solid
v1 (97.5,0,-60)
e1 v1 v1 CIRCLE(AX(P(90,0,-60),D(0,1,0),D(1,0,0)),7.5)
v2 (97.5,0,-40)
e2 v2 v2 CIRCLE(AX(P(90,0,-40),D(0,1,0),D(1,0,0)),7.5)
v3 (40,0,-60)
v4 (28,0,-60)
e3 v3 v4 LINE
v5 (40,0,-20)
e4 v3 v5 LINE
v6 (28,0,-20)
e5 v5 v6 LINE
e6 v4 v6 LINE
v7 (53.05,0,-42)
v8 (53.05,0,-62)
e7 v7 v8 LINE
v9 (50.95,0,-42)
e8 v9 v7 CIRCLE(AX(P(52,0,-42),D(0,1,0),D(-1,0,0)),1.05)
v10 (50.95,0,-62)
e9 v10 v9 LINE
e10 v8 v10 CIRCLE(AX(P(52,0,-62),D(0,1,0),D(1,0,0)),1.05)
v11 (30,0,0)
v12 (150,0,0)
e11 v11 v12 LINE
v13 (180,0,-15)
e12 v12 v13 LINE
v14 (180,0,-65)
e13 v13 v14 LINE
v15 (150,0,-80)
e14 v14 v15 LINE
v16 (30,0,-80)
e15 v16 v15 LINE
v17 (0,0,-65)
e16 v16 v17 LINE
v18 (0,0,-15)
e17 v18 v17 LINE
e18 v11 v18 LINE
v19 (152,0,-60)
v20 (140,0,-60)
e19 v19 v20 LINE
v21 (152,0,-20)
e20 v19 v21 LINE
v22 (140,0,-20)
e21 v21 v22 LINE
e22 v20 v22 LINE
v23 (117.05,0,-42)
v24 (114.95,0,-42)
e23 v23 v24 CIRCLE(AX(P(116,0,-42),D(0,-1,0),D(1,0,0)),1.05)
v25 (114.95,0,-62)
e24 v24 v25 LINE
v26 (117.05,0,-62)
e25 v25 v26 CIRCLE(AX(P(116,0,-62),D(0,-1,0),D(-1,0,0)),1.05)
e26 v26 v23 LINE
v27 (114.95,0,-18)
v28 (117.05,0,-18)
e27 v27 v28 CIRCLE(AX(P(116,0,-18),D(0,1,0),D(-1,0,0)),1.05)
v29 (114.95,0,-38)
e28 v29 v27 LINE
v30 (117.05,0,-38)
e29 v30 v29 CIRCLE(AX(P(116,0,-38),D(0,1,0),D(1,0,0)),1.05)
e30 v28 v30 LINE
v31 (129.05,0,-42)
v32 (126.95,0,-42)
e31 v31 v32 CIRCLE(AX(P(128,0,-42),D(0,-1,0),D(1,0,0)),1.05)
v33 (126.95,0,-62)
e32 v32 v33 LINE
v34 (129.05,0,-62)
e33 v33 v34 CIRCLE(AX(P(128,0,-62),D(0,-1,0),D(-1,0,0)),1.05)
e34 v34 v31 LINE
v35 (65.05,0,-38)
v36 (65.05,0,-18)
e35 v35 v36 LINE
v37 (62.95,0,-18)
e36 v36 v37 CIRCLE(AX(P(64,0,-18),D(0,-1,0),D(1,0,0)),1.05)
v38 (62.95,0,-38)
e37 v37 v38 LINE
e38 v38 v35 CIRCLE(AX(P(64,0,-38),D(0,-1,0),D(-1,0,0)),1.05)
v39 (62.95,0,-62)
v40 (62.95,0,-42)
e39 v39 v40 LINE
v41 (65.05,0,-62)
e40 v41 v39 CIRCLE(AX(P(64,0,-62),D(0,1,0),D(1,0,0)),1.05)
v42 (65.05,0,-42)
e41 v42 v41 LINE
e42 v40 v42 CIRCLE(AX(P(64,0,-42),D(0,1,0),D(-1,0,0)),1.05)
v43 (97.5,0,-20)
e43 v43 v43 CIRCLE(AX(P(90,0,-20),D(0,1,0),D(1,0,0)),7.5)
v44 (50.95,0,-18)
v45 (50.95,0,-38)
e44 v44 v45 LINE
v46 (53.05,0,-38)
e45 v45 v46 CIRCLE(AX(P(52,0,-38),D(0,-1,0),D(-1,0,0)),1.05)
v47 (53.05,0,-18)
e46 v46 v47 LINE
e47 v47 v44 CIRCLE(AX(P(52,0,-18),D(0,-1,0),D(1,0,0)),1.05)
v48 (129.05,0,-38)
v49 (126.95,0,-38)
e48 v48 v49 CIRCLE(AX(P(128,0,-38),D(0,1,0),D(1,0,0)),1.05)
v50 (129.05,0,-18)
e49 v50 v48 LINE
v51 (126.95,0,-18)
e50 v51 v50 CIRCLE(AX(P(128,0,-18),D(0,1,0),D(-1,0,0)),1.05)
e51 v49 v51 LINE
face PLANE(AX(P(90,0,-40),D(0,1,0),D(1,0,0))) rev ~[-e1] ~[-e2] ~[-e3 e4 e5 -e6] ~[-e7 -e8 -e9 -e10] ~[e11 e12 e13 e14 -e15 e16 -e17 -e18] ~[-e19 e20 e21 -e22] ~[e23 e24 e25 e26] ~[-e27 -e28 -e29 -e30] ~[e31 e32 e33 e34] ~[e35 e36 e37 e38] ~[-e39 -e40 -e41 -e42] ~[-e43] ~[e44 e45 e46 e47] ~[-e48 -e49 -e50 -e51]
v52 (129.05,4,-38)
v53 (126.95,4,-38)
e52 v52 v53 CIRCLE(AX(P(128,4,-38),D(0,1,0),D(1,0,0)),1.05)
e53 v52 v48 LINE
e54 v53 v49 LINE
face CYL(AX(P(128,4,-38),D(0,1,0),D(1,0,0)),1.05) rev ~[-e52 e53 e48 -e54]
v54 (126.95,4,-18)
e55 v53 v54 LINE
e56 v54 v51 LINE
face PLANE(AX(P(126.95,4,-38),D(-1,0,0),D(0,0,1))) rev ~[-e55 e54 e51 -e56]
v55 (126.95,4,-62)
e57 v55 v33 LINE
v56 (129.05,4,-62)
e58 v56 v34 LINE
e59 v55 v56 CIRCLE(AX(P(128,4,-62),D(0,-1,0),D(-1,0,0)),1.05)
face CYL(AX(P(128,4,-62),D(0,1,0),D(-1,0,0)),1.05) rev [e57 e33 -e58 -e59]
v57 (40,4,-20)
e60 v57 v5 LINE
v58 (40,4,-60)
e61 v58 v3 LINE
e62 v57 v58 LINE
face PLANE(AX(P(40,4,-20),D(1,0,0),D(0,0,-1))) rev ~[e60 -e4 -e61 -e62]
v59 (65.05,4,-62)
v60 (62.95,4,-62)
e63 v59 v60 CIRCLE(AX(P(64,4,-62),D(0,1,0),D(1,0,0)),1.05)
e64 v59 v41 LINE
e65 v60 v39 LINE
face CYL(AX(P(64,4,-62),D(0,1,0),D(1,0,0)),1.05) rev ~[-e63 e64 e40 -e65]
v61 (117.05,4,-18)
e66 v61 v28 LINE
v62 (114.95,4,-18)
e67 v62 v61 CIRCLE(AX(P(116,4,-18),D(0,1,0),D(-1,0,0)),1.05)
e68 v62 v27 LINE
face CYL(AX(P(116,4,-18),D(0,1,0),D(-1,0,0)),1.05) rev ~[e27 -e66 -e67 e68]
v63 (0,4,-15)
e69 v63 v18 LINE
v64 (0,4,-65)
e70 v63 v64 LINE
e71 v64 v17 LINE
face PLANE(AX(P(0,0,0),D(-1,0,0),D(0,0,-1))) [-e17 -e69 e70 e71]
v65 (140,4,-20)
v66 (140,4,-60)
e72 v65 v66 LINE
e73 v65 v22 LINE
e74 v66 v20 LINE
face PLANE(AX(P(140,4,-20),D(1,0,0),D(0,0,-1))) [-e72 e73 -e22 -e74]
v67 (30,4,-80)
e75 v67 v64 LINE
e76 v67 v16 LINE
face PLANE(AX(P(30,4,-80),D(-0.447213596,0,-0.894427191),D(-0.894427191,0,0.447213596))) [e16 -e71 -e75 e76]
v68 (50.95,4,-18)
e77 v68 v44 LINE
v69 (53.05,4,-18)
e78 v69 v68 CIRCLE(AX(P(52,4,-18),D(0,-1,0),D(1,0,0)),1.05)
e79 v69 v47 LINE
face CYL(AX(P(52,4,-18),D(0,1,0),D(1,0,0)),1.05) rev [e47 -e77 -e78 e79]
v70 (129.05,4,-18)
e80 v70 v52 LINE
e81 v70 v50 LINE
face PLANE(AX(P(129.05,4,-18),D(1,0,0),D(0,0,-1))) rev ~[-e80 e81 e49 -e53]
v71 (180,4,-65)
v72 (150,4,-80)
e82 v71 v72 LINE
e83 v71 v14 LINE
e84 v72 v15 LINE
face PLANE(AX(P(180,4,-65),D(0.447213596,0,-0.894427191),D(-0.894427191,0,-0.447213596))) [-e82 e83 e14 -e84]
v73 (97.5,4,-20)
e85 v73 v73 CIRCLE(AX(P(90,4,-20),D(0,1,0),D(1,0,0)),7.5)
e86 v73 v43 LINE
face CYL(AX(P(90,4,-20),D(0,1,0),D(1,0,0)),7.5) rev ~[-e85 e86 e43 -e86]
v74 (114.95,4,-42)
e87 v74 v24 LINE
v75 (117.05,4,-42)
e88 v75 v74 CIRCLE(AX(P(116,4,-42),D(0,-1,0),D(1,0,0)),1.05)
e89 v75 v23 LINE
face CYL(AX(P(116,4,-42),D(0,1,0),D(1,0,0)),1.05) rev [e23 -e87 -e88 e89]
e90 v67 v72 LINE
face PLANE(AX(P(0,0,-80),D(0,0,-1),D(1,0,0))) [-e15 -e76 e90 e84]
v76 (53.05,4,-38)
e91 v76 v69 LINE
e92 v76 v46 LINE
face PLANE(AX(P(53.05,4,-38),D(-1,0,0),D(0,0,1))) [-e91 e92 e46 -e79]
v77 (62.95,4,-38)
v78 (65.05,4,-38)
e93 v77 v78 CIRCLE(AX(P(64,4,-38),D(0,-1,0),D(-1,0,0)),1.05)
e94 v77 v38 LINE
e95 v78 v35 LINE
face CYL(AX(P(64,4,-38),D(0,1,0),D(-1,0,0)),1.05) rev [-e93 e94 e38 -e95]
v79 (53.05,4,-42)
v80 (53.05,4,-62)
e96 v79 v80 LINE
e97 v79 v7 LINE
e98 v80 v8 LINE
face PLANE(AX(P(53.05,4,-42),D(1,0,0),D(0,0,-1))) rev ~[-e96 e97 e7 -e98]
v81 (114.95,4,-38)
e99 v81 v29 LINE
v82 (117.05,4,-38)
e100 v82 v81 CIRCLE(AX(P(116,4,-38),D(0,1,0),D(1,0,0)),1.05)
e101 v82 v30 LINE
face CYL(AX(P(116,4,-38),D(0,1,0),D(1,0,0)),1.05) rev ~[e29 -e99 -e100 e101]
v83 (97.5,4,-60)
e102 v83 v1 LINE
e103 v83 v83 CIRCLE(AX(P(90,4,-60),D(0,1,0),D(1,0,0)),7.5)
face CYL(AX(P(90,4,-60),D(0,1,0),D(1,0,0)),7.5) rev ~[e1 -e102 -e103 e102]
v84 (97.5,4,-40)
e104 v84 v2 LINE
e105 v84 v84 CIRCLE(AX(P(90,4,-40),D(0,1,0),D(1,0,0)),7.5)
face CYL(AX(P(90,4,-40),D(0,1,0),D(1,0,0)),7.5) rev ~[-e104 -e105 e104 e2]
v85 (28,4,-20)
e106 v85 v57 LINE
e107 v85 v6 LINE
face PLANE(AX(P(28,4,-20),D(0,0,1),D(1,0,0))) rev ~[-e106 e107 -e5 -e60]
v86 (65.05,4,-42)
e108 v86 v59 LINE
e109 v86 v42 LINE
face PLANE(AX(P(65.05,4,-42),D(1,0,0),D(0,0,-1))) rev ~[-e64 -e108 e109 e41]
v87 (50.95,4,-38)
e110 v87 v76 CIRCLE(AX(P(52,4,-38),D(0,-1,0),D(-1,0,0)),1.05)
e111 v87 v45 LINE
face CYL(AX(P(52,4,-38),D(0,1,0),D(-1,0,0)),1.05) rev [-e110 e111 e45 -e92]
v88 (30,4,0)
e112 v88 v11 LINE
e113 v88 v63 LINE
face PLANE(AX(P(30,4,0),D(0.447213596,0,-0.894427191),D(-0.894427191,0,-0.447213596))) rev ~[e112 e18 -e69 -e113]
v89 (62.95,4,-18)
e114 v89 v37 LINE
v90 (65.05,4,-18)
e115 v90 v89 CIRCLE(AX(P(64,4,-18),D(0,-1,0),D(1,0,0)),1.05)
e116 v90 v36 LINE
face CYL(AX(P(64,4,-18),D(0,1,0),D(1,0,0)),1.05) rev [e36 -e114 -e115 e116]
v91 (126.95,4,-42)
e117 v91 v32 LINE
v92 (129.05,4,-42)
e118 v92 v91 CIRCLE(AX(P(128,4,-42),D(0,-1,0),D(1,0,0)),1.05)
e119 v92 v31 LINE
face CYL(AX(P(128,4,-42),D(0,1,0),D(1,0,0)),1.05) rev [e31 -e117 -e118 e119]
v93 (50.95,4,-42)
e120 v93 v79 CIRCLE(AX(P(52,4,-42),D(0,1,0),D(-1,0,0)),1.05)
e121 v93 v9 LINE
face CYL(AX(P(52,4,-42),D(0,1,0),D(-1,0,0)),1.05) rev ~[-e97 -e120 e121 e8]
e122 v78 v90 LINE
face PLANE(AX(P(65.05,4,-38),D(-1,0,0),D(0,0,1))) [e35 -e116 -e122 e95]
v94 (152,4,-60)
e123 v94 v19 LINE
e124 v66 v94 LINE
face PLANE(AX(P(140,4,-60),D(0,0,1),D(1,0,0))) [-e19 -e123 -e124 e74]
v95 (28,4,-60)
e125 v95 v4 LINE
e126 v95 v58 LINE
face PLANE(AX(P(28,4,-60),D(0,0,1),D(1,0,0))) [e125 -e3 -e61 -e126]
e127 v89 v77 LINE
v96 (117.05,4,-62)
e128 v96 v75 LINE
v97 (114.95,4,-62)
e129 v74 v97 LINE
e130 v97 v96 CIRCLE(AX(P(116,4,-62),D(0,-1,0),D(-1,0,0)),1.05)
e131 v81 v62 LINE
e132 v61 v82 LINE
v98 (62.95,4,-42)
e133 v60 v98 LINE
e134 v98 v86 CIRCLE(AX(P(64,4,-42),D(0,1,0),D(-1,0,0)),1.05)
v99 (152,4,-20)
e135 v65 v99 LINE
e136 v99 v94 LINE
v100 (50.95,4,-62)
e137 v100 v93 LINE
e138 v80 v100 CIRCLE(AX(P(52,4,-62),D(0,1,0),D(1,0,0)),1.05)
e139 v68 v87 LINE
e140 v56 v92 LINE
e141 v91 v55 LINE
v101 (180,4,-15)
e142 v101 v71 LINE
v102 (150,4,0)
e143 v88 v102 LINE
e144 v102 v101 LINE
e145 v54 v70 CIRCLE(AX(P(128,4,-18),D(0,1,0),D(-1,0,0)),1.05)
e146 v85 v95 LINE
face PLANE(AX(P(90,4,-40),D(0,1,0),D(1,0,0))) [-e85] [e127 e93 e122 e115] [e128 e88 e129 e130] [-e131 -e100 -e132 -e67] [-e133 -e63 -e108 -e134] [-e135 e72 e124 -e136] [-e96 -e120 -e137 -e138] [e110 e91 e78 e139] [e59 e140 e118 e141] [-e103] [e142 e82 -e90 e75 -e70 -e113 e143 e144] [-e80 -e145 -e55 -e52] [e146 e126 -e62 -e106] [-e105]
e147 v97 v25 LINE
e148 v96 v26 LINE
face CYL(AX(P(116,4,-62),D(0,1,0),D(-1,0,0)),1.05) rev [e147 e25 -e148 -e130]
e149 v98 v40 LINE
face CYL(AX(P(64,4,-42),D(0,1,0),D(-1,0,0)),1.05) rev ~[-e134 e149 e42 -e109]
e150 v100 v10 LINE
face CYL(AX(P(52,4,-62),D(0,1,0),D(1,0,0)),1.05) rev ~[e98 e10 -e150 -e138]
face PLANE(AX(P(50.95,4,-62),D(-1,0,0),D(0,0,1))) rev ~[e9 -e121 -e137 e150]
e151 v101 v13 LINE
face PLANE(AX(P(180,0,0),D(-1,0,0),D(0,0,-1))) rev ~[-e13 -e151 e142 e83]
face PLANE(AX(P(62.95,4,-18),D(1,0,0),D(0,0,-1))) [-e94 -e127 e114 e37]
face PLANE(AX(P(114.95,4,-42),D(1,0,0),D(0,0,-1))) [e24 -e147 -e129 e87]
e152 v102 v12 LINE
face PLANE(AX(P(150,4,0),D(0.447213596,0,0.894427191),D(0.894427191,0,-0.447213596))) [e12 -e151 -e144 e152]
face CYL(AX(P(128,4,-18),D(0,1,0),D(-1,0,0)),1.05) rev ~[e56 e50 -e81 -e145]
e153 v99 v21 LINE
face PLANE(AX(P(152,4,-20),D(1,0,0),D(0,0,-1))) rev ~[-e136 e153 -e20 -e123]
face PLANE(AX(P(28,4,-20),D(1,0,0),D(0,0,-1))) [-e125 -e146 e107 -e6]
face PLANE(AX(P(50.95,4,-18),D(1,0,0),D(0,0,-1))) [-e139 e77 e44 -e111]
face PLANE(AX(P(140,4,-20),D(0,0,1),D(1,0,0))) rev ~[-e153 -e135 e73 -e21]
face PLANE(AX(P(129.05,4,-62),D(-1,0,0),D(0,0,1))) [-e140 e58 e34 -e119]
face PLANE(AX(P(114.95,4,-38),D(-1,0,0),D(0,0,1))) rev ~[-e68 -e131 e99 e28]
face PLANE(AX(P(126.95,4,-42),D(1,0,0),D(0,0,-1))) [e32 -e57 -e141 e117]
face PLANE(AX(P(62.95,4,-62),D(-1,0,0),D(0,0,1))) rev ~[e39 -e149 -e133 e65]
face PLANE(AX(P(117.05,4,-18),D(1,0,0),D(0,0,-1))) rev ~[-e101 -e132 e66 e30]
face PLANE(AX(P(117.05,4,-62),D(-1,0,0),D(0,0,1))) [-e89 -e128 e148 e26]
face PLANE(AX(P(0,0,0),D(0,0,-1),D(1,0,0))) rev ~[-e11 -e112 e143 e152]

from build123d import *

# Parameters (mm, degrees)
ESQUISSE1_W                         = 180
ESQUISSE1_H                         = 80
BOSS_EXTRU_1_DEPTH                  = 4
ENL_V_MAT_EXTRU_1_DEPTH             = 4
ENL_V_MAT_EXTRU_2_DEPTH             = 4
ENL_V_MAT_EXTRU_5_REACH             = 6
ESQUISSE11_W                        = 12
ESQUISSE11_H                        = 40
ENL_V_MAT_EXTRU_5_DIRECTION_2_DEPTH = 1
ENL_V_MAT_EXTRU_6_REACH             = 6
ESQUISSE14_R                        = 7.5


with BuildPart() as part:
    # Esquisse1 → Boss.-Extru.1 (new body)
    with BuildSketch(Plane(origin=(0, 0, 0), x_dir=(1, 0, 0), z_dir=(0, 1, 0))):
        with Locations((90, 40)):
            Rectangle(ESQUISSE1_W, ESQUISSE1_H)
    extrude(amount=BOSS_EXTRU_1_DEPTH)

    # Esquisse2 → Enlèv. mat.-Extru.1 (cut)
    with BuildSketch(Plane(origin=(0, 4, 0), x_dir=(1, 0, 0), z_dir=(0, 1, 0))):
        Polygon((30, 0), (0, 15), (0, 0), align=None)
        Polygon((30, 80), (0, 65), (0, 80), align=None)
        Polygon((150, 0), (180, 15), (180, 0), align=None)
        Polygon((150, 80), (180, 80), (180, 65), align=None)
    extrude(amount=-ENL_V_MAT_EXTRU_1_DEPTH, mode=Mode.SUBTRACT)

    # Esquisse3 → Enlèv. mat.-Extru.2 (cut)
    with BuildSketch(Plane(origin=(0, 4, 0), x_dir=(1, 0, 0), z_dir=(0, 1, 0))):
        with BuildLine():
            Line((65.05, 38), (65.05, 18))
            ThreePointArc((65.05, 18), (64, 16.95), (62.95, 18))
            Line((62.95, 18), (62.95, 38))
            ThreePointArc((62.95, 38), (64, 39.05), (65.05, 38))
        make_face()
        with BuildLine():
            Line((50.95, 18), (50.95, 38))
            ThreePointArc((50.95, 38), (52, 39.05), (53.05, 38))
            Line((53.05, 38), (53.05, 18))
            ThreePointArc((53.05, 18), (52, 16.95), (50.95, 18))
        make_face()
        with BuildLine():
            Line((129.05, 18), (129.05, 38))
            ThreePointArc((129.05, 38), (128, 39.05), (126.95, 38))
            Line((126.95, 38), (126.95, 18))
            ThreePointArc((126.95, 18), (128, 16.95), (129.05, 18))
        make_face()
        with BuildLine():
            Line((114.95, 38), (114.95, 18))
            ThreePointArc((114.95, 18), (116, 16.95), (117.05, 18))
            Line((117.05, 18), (117.05, 38))
            ThreePointArc((117.05, 38), (116, 39.05), (114.95, 38))
        make_face()
        with BuildLine():
            Line((50.95, 62), (50.95, 42))
            ThreePointArc((50.95, 42), (52, 40.95), (53.05, 42))
            Line((53.05, 42), (53.05, 62))
            ThreePointArc((53.05, 62), (52, 63.05), (50.95, 62))
        make_face()
        with BuildLine():
            Line((65.05, 42), (65.05, 62))
            ThreePointArc((65.05, 62), (64, 63.05), (62.95, 62))
            Line((62.95, 62), (62.95, 42))
            ThreePointArc((62.95, 42), (64, 40.95), (65.05, 42))
        make_face()
        with BuildLine():
            Line((114.95, 42), (114.95, 62))
            ThreePointArc((114.95, 62), (116, 63.05), (117.05, 62))
            Line((117.05, 62), (117.05, 42))
            ThreePointArc((117.05, 42), (116, 40.95), (114.95, 42))
        make_face()
        with BuildLine():
            Line((129.05, 62), (129.05, 42))
            ThreePointArc((129.05, 42), (128, 40.95), (126.95, 42))
            Line((126.95, 42), (126.95, 62))
            ThreePointArc((126.95, 62), (128, 63.05), (129.05, 62))
        make_face()
    extrude(amount=-ENL_V_MAT_EXTRU_2_DEPTH, mode=Mode.SUBTRACT)

    # Esquisse11 → Enlèv. mat.-Extru.5 (cut, up to next)
    with BuildSketch(Plane(origin=(0, 4, 0), x_dir=(1, 0, 0), z_dir=(0, 1, 0)), mode=Mode.PRIVATE) as enl_v_mat_extru_5_sk1:
        with Locations((34, 40)):
            Rectangle(ESQUISSE11_W, ESQUISSE11_H)
    enl_v_mat_extru_5_tool1 = extrude(enl_v_mat_extru_5_sk1.sketch, amount=-ENL_V_MAT_EXTRU_5_REACH, mode=Mode.PRIVATE) & part.part
    add(enl_v_mat_extru_5_tool1.solids().sort_by_distance((34, 4, -40))[0], mode=Mode.SUBTRACT)
    # Esquisse11 → Enlèv. mat.-Extru.5 (cut, up to next)
    with BuildSketch(Plane(origin=(0, 4, 0), x_dir=(1, 0, 0), z_dir=(0, 1, 0)), mode=Mode.PRIVATE) as enl_v_mat_extru_5_sk2:
        with Locations((146, 40)):
            Rectangle(ESQUISSE11_W, ESQUISSE11_H)
    enl_v_mat_extru_5_tool2 = extrude(enl_v_mat_extru_5_sk2.sketch, amount=-ENL_V_MAT_EXTRU_5_REACH, mode=Mode.PRIVATE) & part.part
    add(enl_v_mat_extru_5_tool2.solids().sort_by_distance((146, 4, -40))[0], mode=Mode.SUBTRACT)

    # Esquisse11 → Enlèv. mat.-Extru.5 direction 2 (cut)
    with BuildSketch(Plane(origin=(0, 4, 0), x_dir=(1, 0, 0), z_dir=(0, 1, 0))):
        with Locations((34, 40)):
            Rectangle(ESQUISSE11_W, ESQUISSE11_H)
        with Locations((146, 40)):
            Rectangle(ESQUISSE11_W, ESQUISSE11_H)
    extrude(amount=ENL_V_MAT_EXTRU_5_DIRECTION_2_DEPTH, mode=Mode.SUBTRACT)

    # Esquisse14 → Enlèv. mat.-Extru.6 (cut, up to next)
    with BuildSketch(Plane(origin=(0, 4, 0), x_dir=(1, 0, 0), z_dir=(0, 1, 0)), mode=Mode.PRIVATE) as enl_v_mat_extru_6_sk1:
        with Locations((90, 60)):
            Circle(ESQUISSE14_R)
    enl_v_mat_extru_6_tool1 = extrude(enl_v_mat_extru_6_sk1.sketch, amount=-ENL_V_MAT_EXTRU_6_REACH, mode=Mode.PRIVATE) & part.part
    add(enl_v_mat_extru_6_tool1.solids().sort_by_distance((90, 4, -60))[0], mode=Mode.SUBTRACT)
    # Esquisse14 → Enlèv. mat.-Extru.6 (cut, up to next)
    with BuildSketch(Plane(origin=(0, 4, 0), x_dir=(1, 0, 0), z_dir=(0, 1, 0)), mode=Mode.PRIVATE) as enl_v_mat_extru_6_sk2:
        with Locations((90, 40)):
            Circle(ESQUISSE14_R)
    enl_v_mat_extru_6_tool2 = extrude(enl_v_mat_extru_6_sk2.sketch, amount=-ENL_V_MAT_EXTRU_6_REACH, mode=Mode.PRIVATE) & part.part
    add(enl_v_mat_extru_6_tool2.solids().sort_by_distance((90, 4, -40))[0], mode=Mode.SUBTRACT)
    # Esquisse14 → Enlèv. mat.-Extru.6 (cut, up to next)
    with BuildSketch(Plane(origin=(0, 4, 0), x_dir=(1, 0, 0), z_dir=(0, 1, 0)), mode=Mode.PRIVATE) as enl_v_mat_extru_6_sk3:
        with Locations((90, 20)):
            Circle(ESQUISSE14_R)
    enl_v_mat_extru_6_tool3 = extrude(enl_v_mat_extru_6_sk3.sketch, amount=-ENL_V_MAT_EXTRU_6_REACH, mode=Mode.PRIVATE) & part.part
    add(enl_v_mat_extru_6_tool3.solids().sort_by_distance((90, 4, -20))[0], mode=Mode.SUBTRACT)


solid = part.part
